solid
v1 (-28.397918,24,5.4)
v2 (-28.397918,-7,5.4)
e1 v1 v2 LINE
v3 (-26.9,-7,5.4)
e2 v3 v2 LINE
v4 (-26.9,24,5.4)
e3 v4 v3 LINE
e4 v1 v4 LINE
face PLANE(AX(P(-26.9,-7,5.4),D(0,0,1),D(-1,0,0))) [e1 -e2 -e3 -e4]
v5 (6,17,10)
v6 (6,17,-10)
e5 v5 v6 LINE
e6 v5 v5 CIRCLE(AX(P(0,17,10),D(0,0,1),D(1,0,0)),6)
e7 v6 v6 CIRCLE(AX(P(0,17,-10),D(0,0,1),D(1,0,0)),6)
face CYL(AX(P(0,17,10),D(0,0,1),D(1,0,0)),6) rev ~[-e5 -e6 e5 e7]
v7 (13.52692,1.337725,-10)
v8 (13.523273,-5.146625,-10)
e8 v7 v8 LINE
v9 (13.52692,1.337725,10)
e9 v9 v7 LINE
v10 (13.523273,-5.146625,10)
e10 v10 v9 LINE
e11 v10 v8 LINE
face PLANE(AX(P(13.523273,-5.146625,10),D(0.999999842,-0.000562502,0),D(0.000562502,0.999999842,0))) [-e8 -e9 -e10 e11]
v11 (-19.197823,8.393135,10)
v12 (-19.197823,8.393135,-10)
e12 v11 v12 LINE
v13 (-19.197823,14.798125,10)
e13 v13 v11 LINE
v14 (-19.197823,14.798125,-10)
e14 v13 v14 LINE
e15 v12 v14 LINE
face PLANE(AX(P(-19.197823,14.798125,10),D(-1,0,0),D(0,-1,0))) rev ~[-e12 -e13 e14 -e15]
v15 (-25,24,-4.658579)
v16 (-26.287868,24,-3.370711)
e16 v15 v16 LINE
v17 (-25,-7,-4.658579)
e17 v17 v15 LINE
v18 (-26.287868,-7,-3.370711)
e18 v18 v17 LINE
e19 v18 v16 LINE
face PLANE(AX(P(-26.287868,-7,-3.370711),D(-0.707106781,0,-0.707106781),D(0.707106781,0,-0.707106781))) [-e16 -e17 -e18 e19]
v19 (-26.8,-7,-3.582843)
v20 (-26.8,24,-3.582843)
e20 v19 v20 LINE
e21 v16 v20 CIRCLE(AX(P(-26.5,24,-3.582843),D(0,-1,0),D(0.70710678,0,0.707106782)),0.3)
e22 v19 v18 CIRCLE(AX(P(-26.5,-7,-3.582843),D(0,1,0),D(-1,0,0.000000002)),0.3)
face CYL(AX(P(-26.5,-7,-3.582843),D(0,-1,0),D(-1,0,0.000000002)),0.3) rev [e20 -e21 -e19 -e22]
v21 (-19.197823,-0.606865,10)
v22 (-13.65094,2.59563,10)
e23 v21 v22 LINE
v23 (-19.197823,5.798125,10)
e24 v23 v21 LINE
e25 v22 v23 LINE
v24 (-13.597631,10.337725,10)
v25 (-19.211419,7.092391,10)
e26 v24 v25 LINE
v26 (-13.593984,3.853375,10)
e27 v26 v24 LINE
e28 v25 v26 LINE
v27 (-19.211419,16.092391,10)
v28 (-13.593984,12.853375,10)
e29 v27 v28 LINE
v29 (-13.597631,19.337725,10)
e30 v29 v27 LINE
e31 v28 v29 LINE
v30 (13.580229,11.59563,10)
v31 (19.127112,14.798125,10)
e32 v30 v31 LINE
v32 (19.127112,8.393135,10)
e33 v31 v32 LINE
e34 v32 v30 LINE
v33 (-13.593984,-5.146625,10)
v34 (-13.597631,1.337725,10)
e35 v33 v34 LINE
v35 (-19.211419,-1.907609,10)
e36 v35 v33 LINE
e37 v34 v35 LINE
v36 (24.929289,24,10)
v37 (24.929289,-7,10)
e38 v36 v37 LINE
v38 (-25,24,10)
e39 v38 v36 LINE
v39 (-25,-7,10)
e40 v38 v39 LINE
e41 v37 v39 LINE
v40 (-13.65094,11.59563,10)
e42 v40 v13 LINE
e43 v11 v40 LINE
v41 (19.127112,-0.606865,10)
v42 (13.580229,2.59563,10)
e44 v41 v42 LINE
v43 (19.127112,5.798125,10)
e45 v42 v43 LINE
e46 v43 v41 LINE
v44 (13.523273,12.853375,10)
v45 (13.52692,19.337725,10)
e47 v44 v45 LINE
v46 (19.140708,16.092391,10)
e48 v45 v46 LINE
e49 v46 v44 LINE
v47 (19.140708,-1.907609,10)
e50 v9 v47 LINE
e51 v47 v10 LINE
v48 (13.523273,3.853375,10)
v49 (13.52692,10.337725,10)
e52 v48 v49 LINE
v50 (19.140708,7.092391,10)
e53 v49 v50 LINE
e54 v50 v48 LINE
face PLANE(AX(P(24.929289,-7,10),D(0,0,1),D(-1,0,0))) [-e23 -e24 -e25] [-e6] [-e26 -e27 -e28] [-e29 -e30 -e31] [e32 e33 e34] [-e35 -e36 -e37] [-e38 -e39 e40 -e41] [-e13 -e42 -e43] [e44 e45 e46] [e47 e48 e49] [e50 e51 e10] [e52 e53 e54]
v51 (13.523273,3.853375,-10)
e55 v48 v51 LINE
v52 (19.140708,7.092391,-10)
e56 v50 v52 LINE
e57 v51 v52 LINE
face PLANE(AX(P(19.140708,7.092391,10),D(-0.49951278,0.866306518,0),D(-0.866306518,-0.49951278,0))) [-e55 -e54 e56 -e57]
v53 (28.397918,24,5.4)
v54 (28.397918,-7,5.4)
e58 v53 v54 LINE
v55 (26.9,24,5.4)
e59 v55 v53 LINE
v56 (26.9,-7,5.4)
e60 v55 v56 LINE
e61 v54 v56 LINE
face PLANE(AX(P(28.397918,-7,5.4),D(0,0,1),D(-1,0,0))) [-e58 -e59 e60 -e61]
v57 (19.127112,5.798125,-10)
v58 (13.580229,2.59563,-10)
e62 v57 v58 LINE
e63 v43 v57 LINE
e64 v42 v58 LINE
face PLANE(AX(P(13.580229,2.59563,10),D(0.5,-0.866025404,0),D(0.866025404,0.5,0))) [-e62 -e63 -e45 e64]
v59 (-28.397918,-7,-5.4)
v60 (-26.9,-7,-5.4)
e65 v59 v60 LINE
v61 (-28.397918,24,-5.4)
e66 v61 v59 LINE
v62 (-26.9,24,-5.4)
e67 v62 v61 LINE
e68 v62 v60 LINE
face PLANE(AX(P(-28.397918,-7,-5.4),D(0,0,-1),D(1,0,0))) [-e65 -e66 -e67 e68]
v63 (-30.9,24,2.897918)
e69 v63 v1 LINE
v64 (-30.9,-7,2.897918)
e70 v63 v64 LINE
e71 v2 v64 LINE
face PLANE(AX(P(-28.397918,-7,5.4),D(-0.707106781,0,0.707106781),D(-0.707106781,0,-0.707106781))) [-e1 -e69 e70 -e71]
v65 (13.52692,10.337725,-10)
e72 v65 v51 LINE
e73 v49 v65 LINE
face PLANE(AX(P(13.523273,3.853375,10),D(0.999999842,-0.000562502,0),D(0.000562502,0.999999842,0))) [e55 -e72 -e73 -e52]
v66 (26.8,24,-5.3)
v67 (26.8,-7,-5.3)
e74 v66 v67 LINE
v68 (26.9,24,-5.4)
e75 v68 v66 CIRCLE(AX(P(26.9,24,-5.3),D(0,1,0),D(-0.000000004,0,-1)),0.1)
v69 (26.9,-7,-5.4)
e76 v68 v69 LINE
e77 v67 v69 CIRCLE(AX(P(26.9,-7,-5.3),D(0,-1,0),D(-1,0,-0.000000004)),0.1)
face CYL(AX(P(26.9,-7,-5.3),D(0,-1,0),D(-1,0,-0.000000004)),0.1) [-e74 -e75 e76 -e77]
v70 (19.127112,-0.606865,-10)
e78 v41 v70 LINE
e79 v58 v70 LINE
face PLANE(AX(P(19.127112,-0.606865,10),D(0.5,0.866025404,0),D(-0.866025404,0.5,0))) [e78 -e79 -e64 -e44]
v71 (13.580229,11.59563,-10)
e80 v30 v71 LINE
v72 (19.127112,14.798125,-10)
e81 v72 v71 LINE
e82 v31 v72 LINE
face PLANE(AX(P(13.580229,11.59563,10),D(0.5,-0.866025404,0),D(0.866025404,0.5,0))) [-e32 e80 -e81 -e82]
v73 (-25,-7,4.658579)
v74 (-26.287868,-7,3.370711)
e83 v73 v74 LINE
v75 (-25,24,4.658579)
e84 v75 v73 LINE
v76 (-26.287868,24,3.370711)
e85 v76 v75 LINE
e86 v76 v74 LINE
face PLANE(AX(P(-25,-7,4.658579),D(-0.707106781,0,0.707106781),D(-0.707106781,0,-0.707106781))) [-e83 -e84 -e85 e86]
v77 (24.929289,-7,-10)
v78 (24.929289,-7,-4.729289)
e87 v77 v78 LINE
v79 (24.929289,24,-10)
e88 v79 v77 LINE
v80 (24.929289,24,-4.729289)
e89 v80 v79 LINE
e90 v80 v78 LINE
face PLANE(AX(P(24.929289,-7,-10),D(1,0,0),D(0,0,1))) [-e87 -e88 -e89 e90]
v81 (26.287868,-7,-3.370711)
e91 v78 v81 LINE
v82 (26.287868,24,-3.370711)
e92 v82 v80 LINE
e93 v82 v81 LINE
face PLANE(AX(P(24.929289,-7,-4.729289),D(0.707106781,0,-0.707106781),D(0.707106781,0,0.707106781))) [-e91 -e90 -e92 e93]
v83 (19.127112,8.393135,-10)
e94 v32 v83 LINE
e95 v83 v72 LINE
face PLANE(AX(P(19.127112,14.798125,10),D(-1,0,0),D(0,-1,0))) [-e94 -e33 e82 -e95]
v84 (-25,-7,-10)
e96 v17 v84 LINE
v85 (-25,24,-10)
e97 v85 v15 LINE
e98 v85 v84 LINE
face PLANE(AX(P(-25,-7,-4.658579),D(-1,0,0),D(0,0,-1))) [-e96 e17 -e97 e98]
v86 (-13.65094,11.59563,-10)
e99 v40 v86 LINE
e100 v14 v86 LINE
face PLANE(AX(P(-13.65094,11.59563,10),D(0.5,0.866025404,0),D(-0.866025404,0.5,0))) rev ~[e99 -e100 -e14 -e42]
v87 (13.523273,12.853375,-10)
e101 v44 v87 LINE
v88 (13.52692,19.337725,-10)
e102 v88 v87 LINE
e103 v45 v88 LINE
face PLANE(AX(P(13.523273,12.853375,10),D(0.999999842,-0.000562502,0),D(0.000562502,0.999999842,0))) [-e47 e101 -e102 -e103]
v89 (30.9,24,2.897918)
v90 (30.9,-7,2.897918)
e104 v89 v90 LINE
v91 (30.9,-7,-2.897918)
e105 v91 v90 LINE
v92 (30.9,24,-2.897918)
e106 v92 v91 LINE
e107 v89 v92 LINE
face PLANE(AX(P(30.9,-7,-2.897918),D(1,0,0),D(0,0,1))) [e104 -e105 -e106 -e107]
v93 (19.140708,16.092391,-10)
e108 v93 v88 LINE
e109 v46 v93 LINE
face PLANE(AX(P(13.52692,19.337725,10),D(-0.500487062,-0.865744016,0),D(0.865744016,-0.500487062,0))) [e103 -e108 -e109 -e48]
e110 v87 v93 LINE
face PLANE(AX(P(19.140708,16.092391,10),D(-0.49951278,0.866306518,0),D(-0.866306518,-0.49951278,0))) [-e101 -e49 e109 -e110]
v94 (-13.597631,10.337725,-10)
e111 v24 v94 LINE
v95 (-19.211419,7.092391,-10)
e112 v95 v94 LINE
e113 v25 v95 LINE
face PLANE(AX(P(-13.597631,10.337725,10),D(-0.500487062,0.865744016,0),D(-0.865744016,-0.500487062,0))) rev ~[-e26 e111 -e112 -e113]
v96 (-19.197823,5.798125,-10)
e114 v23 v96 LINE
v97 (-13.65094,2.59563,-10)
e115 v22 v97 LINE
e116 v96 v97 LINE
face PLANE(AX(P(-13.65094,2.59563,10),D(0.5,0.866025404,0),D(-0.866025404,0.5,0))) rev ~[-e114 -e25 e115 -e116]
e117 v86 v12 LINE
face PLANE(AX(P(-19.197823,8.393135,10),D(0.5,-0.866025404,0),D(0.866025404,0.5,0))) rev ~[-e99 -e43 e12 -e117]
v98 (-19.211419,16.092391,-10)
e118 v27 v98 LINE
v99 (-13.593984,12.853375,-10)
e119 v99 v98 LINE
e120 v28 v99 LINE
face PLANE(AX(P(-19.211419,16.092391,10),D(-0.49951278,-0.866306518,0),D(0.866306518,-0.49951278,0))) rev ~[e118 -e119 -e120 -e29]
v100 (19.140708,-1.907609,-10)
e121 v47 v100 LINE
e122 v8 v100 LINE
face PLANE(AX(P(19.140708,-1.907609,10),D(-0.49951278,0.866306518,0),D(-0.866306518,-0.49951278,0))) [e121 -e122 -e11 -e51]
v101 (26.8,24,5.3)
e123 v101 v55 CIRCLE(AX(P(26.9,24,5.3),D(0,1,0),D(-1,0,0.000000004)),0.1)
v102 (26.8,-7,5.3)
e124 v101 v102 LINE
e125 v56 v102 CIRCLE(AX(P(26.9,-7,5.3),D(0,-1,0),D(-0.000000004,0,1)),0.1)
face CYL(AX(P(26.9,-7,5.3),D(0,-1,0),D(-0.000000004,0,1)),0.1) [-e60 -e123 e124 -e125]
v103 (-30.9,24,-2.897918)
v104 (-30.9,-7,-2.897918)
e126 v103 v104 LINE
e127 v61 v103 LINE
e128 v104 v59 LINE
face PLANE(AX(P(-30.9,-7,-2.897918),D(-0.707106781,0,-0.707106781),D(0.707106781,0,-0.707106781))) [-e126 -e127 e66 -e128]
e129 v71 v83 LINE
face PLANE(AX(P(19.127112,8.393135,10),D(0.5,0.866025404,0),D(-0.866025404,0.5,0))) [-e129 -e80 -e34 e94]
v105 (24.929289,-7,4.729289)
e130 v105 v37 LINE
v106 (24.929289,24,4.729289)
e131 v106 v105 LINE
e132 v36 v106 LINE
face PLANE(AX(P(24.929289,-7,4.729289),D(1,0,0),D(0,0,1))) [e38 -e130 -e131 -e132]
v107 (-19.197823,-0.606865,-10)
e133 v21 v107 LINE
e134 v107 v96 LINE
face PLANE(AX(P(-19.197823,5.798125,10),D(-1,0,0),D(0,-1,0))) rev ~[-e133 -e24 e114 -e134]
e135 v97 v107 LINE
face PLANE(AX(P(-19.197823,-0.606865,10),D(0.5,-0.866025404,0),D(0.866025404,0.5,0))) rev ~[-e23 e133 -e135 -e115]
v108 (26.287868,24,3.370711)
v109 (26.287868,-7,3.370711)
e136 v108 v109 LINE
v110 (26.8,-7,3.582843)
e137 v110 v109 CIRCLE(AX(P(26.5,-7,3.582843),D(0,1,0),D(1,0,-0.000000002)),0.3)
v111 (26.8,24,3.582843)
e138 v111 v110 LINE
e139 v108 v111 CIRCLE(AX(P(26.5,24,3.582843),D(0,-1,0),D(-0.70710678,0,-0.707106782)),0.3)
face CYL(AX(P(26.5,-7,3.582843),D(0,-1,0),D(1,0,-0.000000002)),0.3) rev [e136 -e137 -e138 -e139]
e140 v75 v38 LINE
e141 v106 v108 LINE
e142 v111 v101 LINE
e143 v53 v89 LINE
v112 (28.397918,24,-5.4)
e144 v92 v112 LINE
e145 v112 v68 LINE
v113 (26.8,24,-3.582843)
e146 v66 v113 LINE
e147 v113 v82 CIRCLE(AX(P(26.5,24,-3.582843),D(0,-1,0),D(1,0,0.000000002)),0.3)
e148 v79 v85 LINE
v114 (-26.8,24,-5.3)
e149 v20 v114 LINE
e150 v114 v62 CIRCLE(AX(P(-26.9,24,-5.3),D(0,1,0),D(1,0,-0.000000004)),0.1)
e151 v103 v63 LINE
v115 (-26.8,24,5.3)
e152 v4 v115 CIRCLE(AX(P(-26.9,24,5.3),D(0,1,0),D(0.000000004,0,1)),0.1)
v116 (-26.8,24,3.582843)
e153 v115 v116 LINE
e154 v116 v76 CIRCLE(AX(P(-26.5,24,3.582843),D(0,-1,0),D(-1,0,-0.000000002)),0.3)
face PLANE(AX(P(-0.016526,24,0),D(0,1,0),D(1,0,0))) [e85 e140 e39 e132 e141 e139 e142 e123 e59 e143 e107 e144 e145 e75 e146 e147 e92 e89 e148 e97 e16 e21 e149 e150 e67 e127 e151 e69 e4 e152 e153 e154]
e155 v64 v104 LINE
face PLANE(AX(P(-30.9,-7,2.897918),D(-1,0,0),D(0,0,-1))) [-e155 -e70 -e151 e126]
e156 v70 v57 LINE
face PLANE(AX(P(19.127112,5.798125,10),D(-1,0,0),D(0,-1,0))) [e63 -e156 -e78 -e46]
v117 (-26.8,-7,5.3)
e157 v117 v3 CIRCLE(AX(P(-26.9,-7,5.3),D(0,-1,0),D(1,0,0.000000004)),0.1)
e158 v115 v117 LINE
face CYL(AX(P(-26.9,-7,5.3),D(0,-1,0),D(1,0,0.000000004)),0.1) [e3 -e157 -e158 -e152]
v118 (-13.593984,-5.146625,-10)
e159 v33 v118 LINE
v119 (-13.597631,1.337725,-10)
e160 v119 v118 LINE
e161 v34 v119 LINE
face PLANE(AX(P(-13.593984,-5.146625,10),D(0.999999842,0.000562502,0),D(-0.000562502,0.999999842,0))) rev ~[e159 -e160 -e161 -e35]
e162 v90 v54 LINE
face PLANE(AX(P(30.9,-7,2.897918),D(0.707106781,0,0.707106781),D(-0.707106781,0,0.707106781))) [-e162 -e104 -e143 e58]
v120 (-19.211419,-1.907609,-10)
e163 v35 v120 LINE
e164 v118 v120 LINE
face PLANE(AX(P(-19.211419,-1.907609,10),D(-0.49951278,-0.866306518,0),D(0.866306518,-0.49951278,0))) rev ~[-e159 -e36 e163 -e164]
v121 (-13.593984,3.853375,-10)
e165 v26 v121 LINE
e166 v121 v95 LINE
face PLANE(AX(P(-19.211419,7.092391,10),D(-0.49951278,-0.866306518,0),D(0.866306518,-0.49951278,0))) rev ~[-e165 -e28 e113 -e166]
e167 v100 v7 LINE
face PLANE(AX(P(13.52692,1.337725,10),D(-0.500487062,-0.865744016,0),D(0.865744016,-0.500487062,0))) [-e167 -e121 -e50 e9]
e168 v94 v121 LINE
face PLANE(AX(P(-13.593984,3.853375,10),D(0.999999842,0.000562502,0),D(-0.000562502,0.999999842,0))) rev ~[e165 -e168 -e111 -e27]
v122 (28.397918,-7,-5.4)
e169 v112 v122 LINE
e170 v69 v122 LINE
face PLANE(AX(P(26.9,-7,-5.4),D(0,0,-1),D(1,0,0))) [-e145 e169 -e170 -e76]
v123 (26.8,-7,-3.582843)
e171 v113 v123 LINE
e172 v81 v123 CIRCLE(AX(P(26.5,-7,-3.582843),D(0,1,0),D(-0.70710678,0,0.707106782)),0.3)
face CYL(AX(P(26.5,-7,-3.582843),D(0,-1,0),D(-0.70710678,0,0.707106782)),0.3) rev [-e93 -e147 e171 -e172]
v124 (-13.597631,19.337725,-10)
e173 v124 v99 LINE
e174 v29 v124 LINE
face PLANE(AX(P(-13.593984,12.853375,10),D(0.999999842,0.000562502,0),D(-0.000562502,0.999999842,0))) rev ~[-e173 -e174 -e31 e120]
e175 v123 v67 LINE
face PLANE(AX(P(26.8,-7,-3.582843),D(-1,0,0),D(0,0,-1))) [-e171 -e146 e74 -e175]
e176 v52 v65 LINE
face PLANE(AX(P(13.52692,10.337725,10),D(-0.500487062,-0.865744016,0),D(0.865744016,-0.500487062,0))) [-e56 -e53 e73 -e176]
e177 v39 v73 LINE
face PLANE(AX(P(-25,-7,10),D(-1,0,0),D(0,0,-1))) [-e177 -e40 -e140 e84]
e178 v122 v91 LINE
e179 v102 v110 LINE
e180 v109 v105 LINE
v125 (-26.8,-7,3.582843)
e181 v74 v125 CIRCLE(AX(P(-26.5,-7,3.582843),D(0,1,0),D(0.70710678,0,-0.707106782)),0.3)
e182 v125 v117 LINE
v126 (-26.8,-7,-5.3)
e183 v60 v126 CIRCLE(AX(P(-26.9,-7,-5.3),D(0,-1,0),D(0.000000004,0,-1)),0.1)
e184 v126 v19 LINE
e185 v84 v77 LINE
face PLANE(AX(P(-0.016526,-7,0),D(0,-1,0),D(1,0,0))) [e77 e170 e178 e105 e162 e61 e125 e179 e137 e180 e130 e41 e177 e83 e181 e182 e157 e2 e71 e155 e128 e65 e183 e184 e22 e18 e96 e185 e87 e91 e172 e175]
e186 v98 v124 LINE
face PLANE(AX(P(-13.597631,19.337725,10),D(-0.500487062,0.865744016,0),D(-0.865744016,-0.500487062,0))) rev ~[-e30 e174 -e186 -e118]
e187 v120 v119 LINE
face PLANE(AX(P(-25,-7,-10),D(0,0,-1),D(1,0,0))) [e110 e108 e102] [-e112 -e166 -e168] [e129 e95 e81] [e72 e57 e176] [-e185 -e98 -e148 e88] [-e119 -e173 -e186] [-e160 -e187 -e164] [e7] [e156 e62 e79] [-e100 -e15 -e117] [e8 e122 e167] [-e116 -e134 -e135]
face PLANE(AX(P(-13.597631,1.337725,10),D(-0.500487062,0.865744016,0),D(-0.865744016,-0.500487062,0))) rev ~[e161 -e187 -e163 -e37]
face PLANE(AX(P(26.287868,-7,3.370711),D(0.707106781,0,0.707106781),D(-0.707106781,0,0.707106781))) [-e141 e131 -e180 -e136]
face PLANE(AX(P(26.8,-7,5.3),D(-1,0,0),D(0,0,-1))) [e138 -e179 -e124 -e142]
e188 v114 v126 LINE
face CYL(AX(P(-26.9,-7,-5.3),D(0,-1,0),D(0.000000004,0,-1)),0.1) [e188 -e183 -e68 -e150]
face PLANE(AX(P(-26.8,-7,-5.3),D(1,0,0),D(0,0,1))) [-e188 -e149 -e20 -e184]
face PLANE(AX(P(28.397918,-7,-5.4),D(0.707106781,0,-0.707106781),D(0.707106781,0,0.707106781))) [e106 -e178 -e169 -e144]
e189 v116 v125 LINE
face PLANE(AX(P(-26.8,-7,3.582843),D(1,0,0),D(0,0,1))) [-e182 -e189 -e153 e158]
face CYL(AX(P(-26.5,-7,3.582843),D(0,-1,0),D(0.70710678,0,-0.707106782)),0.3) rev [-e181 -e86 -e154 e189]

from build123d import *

# Parameters (mm, degrees)
BOSS_EXTRU_1_DEPTH      = 24
ESQUISSE3_R             = 6
ENL_V_MAT_EXTRU_2_DEPTH = 44.940983148
BOSS_EXTRU_2_START      = 7
BOSS_EXTRU_2_DEPTH      = 7
ENL_V_MAT_EXTRU_3_DEPTH = 44.940983148


with BuildPart() as part:
    # Esquisse1 → Boss.-Extru.1 (new body)
    with BuildSketch(Plane(origin=(0, 0, 0), x_dir=(1, 0, 0), z_dir=(0, 1, 0))):
        with BuildLine():
            Line((-25, -4.8), (-25, -10))
            Line((-25, -10), (24.929289322, -10))
            Line((24.929289322, -10), (24.929289322, -4.729289322))
            Line((24.929289322, -4.729289322), (26.287867966, -3.370710678))
            ThreePointArc((26.287867966, -3.370710678), (26.61480503, -3.305678853), (26.8, -3.582842712))
            Line((26.8, -3.582842712), (26.8, -5.3))
            ThreePointArc((26.8, -5.3), (26.829289322, -5.370710678), (26.9, -5.4))
            Line((26.9, -5.4), (28.397918472, -5.4))
            Line((28.397918472, -5.4), (30.9, -2.897918472))
            Line((30.9, -2.897918472), (30.9, -0.241421356))
            Line((30.9, -0.241421356), (30.9, 0.241421356))
            Line((30.9, 0.241421356), (30.9, 2.897918472))
            Line((30.9, 2.897918472), (28.397918472, 5.4))
            Line((28.397918472, 5.4), (26.9, 5.4))
            ThreePointArc((26.9, 5.4), (26.829289322, 5.370710678), (26.8, 5.3))
            Line((26.8, 5.3), (26.8, 3.582842712))
            ThreePointArc((26.8, 3.582842712), (26.61480503, 3.305678853), (26.287867966, 3.370710678))
            Line((26.287867966, 3.370710678), (24.929289322, 4.729289322))
            Line((24.929289322, 4.729289322), (24.929289322, 10))
            Line((24.929289322, 10), (-25, 10))
            Line((-25, 10), (-25, 4.8))
            Line((-25, 4.8), (-25, 4.658578644))
            Line((-25, 4.658578644), (-26.287867966, 3.370710678))
            ThreePointArc((-26.287867966, 3.370710678), (-26.61480503, 3.305678853), (-26.8, 3.582842712))
            Line((-26.8, 3.582842712), (-26.8, 5.3))
            ThreePointArc((-26.8, 5.3), (-26.829289322, 5.370710678), (-26.9, 5.4))
            Line((-26.9, 5.4), (-28.397918472, 5.4))
            Line((-28.397918472, 5.4), (-30.9, 2.897918472))
            Line((-30.9, 2.897918472), (-30.9, 0.241421356))
            Line((-30.9, 0.241421356), (-30.9, -0.241421356))
            Line((-30.9, -0.241421356), (-30.9, -2.897918472))
            Line((-30.9, -2.897918472), (-28.397918472, -5.4))
            Line((-28.397918472, -5.4), (-26.9, -5.4))
            ThreePointArc((-26.9, -5.4), (-26.829289322, -5.370710678), (-26.8, -5.3))
            Line((-26.8, -5.3), (-26.8, -3.582842712))
            ThreePointArc((-26.8, -3.582842712), (-26.61480503, -3.305678853), (-26.287867966, -3.370710678))
            Line((-26.287867966, -3.370710678), (-25, -4.658578644))
            Line((-25, -4.658578644), (-25, -4.8))
        make_face()
    extrude(amount=BOSS_EXTRU_1_DEPTH)

    # Esquisse3 → Enlèv. mat.-Extru.2 (cut, through all)
    with BuildSketch(Plane.XY.offset(10)):
        with Locations((0, 17)):
            Circle(ESQUISSE3_R)
    extrude(amount=-ENL_V_MAT_EXTRU_2_DEPTH, mode=Mode.SUBTRACT)

    # Esquisse5 → Boss.-Extru.2 (add)
    with BuildSketch(Plane.XZ.offset(BOSS_EXTRU_2_START)):
        with BuildLine():
            Line((-25, -4.658578644), (-25, -10))
            Line((-25, -10), (24.929289322, -10))
            Line((24.929289322, -10), (24.929289322, -4.729289322))
            Line((24.929289322, -4.729289322), (26.287867966, -3.370710678))
            ThreePointArc((26.287867966, -3.370710678), (26.61480503, -3.305678853), (26.8, -3.582842712))
            Line((26.8, -3.582842712), (26.8, -5.3))
            ThreePointArc((26.8, -5.3), (26.829289322, -5.370710678), (26.9, -5.4))
            Line((26.9, -5.4), (28.397918472, -5.4))
            Line((28.397918472, -5.4), (30.9, -2.897918472))
            Line((30.9, -2.897918472), (30.9, 2.897918472))
            Line((30.9, 2.897918472), (28.397918472, 5.4))
            Line((28.397918472, 5.4), (26.9, 5.4))
            ThreePointArc((26.9, 5.4), (26.829289322, 5.370710678), (26.8, 5.3))
            Line((26.8, 5.3), (26.8, 3.582842712))
            ThreePointArc((26.8, 3.582842712), (26.61480503, 3.305678853), (26.287867966, 3.370710678))
            Line((26.287867966, 3.370710678), (24.929289322, 4.729289322))
            Line((24.929289322, 4.729289322), (24.929289322, 10))
            Line((24.929289322, 10), (-25, 10))
            Line((-25, 10), (-25, 4.658578644))
            Line((-25, 4.658578644), (-26.287867966, 3.370710678))
            ThreePointArc((-26.287867966, 3.370710678), (-26.61480503, 3.305678853), (-26.8, 3.582842712))
            Line((-26.8, 3.582842712), (-26.8, 5.3))
            ThreePointArc((-26.8, 5.3), (-26.829289322, 5.370710678), (-26.9, 5.4))
            Line((-26.9, 5.4), (-28.397918472, 5.4))
            Line((-28.397918472, 5.4), (-30.9, 2.897918472))
            Line((-30.9, 2.897918472), (-30.9, -2.897918472))
            Line((-30.9, -2.897918472), (-28.397918472, -5.4))
            Line((-28.397918472, -5.4), (-26.9, -5.4))
            ThreePointArc((-26.9, -5.4), (-26.829289322, -5.370710678), (-26.8, -5.3))
            Line((-26.8, -5.3), (-26.8, -3.582842712))
            ThreePointArc((-26.8, -3.582842712), (-26.61480503, -3.305678853), (-26.287867966, -3.370710678))
            Line((-26.287867966, -3.370710678), (-25, -4.658578644))
        make_face()
    extrude(amount=-BOSS_EXTRU_2_DEPTH)

    # Esquisse6 → Enlèv. mat.-Extru.3 (cut, through all)
    with BuildSketch(Plane.XY.offset(10)):
        Polygon((-19.197823099, 5.798124654), (-19.197823099, -0.606864634), (-13.650939664, 2.59563001), align=None)
        Polygon((-13.597630982, 10.337724739), (-19.211418501, 7.092391283), (-13.593983525, 3.853375408), align=None)
        Polygon((-19.211418501, -1.907608717), (-13.593983525, -5.146624592), (-13.597630982, 1.337724739), align=None)
        Polygon((-13.597630982, 19.337724739), (-19.211418501, 16.092391283), (-13.593983525, 12.853375408), align=None)
        Polygon((-19.197823099, 8.393135366), (-13.650939664, 11.59563001), (-19.197823099, 14.798124654), align=None)
        Polygon((19.12711242, -0.606864634), (13.580228986, 2.59563001), (19.12711242, 5.798124654), align=None)
        Polygon((19.12711242, 14.798124654), (19.12711242, 8.393135366), (13.580228986, 11.59563001), align=None)
        Polygon((13.523272847, 12.853375408), (13.526920304, 19.337724739), (19.140707823, 16.092391283), align=None)
        Polygon((13.523272847, 3.853375408), (13.526920304, 10.337724739), (19.140707823, 7.092391283), align=None)
        Polygon((13.526920304, 1.337724739), (19.140707823, -1.907608717), (13.523272847, -5.146624592), align=None)
    extrude(amount=-ENL_V_MAT_EXTRU_3_DEPTH, mode=Mode.SUBTRACT)


solid = part.part
